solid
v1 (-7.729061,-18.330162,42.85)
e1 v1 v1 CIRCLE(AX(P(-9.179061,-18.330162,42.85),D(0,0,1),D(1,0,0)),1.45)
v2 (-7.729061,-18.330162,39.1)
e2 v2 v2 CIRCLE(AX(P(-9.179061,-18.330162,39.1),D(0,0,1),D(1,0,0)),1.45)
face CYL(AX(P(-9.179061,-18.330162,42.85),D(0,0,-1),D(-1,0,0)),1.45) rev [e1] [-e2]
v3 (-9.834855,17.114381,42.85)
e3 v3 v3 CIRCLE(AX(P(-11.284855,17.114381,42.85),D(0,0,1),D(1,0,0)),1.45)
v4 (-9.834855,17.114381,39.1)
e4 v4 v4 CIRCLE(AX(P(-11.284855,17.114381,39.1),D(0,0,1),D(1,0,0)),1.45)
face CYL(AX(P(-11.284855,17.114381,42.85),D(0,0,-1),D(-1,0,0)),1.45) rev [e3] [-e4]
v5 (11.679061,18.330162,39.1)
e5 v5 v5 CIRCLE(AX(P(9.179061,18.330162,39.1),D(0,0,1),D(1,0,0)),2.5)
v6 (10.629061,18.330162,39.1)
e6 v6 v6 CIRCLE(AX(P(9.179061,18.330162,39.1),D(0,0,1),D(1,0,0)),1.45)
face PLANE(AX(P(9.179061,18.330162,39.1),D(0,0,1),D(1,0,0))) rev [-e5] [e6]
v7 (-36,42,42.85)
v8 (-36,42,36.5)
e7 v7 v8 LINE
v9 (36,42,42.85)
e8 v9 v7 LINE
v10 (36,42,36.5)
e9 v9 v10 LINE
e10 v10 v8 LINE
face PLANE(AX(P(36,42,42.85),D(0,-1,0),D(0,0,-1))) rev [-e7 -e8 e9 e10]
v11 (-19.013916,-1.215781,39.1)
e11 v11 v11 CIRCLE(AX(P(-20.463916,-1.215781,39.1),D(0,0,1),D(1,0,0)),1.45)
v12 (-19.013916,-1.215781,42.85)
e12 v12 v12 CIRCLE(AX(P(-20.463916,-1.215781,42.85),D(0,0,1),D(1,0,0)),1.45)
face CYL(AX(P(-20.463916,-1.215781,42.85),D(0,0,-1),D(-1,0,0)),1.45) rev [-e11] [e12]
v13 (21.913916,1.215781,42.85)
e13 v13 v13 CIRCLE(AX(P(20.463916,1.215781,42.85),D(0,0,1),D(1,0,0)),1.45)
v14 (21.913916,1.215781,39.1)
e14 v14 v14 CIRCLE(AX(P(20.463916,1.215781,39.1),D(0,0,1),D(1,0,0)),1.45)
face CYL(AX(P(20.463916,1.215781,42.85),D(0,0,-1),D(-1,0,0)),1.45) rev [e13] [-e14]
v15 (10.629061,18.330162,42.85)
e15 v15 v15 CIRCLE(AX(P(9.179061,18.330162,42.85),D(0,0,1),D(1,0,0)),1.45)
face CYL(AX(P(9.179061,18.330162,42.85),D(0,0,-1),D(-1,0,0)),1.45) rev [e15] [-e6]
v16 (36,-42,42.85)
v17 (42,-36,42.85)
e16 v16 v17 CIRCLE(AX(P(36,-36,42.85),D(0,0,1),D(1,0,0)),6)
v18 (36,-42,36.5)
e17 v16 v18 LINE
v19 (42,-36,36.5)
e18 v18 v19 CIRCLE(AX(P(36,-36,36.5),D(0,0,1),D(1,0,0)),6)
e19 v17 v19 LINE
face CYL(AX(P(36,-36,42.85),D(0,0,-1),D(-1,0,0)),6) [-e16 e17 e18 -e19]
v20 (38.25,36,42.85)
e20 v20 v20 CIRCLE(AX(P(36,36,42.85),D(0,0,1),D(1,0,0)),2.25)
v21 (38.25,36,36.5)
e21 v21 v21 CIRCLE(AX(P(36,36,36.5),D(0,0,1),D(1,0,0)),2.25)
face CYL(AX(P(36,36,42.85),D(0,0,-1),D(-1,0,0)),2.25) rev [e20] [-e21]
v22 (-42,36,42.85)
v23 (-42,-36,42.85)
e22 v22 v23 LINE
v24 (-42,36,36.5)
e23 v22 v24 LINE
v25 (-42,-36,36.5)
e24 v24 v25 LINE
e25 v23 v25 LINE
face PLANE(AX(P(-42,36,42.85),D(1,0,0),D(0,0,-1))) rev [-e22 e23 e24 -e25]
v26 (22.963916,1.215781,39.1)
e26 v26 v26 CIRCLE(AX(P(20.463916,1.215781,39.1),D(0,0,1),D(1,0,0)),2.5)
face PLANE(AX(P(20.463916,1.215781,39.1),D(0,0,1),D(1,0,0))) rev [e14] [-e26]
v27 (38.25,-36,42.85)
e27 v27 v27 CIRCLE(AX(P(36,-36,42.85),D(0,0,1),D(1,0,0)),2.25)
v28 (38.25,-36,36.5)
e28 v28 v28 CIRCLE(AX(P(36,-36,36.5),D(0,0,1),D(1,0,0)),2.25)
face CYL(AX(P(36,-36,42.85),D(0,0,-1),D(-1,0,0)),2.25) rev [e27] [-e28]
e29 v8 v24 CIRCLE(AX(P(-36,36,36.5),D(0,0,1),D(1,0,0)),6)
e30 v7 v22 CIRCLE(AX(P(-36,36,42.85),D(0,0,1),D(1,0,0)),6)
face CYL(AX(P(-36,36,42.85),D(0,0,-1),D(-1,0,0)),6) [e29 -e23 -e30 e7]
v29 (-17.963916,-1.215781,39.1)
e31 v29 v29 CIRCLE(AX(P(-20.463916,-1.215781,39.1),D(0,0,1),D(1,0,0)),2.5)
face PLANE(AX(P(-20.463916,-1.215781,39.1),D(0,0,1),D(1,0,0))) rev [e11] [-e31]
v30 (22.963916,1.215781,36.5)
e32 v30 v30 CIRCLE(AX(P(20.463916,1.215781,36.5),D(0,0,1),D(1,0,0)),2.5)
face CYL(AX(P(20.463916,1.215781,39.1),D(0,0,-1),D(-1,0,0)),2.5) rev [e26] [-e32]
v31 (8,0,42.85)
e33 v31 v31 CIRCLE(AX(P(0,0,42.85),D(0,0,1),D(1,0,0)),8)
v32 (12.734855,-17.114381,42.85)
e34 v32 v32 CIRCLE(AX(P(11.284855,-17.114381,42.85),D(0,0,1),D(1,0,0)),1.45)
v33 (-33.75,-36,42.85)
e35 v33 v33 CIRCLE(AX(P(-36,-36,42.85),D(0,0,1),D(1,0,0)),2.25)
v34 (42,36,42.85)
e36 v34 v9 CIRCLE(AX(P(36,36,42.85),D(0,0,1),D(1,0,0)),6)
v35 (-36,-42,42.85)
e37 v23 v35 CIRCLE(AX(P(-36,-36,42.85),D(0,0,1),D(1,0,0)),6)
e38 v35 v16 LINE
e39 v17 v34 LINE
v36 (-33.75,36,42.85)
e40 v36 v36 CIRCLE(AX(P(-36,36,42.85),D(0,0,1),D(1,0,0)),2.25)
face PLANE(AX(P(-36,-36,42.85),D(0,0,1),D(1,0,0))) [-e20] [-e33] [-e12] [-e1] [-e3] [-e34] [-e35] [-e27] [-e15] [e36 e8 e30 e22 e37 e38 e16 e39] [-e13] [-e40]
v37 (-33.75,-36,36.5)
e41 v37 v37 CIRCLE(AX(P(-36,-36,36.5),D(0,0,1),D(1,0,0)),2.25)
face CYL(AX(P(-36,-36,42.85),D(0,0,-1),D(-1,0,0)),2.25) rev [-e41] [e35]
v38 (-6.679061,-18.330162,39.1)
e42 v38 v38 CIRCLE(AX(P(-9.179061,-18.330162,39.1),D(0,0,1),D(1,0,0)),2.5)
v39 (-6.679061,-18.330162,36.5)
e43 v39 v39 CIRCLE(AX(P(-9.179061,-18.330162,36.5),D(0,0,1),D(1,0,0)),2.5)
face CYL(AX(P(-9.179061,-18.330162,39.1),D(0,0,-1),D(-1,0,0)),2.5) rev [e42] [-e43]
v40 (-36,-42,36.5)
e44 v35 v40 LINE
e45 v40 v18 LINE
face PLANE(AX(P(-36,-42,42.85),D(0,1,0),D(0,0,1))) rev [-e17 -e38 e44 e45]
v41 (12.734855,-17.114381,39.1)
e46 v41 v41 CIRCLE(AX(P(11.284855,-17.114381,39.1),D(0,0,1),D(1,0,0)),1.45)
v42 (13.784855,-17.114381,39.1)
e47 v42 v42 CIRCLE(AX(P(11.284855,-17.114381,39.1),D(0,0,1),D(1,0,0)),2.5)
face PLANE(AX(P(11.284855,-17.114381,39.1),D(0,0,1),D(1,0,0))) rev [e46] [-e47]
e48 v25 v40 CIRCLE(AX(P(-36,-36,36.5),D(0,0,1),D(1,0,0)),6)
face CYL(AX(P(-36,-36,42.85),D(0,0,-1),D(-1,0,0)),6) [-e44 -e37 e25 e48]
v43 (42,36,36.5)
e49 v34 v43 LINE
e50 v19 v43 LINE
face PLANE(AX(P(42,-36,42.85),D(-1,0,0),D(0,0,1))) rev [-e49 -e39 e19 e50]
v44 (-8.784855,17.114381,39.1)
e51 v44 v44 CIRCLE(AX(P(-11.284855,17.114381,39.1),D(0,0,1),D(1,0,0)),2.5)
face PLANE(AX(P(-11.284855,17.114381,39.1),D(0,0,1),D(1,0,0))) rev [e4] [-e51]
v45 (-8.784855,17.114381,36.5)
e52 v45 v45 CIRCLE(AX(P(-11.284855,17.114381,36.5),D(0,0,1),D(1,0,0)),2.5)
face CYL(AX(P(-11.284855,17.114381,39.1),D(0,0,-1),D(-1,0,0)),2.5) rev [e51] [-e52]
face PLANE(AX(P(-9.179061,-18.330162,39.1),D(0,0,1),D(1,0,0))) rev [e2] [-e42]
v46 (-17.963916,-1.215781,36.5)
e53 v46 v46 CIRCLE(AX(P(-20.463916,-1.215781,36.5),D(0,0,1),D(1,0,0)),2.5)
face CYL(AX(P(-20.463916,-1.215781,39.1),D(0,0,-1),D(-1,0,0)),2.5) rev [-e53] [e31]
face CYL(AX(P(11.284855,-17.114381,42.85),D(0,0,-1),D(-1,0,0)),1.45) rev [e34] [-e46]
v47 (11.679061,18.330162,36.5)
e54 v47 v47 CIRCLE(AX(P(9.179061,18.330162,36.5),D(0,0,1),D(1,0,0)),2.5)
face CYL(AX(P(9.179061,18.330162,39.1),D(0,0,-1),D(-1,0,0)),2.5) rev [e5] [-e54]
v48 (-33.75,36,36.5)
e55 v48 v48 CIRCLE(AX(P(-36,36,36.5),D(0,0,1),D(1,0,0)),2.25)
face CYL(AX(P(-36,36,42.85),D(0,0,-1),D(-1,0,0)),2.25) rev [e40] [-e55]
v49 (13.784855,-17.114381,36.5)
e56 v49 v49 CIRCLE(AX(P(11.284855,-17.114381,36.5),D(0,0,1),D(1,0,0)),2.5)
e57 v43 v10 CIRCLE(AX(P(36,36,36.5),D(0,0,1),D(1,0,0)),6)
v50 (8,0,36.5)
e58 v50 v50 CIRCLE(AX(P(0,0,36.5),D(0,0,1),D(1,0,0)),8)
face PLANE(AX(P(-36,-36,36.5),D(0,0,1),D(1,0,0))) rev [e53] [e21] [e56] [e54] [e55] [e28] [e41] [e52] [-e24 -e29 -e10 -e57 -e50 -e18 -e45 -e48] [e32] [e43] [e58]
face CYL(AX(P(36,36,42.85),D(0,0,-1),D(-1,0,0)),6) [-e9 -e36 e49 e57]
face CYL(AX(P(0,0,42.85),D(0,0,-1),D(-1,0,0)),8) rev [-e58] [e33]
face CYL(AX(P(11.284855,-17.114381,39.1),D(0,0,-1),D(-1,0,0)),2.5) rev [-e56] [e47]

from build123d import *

# Parameters (mm, degrees)
PLACA_SOPORTE_M1_START             = 36.5
PLACA_SOPORTE_M1_DEPTH             = 6.35
BARRENOS_SEPARADORES_Y_MOTOR_START = 36.5
CROQUIS2_R                         = 2.25
CROQUIS2_R_2                       = 1.45
CROQUIS2_R_3                       = 8
BARRENOS_SEPARADORES_Y_MOTOR_DEPTH = 6.35
REFRENTADO_M2_5_START              = 36.5
CROQUIS3_R                         = 2.5
REFRENTADO_M2_5_DEPTH              = 2.6


with BuildPart() as part:
    # Croquis1 → Placa_soporte_M1 (new body)
    with BuildSketch(Plane.XY.offset(PLACA_SOPORTE_M1_START)):
        with BuildLine():
            Line((-36, -42), (36, -42))
            ThreePointArc((36, -42), (40.242640687, -40.242640687), (42, -36))
            Line((42, -36), (42, 36))
            ThreePointArc((42, 36), (40.242640687, 40.242640687), (36, 42))
            Line((36, 42), (-36, 42))
            ThreePointArc((-36, 42), (-40.242640687, 40.242640687), (-42, 36))
            Line((-42, 36), (-42, -36))
            ThreePointArc((-42, -36), (-40.242640687, -40.242640687), (-36, -42))
        make_face()
    extrude(amount=PLACA_SOPORTE_M1_DEPTH)

    # Croquis2 → Barrenos_separadores_y_motor (cut)
    with BuildSketch(Plane.XY.offset(BARRENOS_SEPARADORES_Y_MOTOR_START)):
        with Locations((-36, -36)):
            Circle(CROQUIS2_R)
        with Locations((-36, 36)):
            Circle(CROQUIS2_R)
        with Locations((36, -36)):
            Circle(CROQUIS2_R)
        with Locations((36, 36)):
            Circle(CROQUIS2_R)
        with Locations((20.463916472, 1.215780658)):
            Circle(CROQUIS2_R_2)
        with Locations((9.179061301, 18.330161855)):
            Circle(CROQUIS2_R_2)
        with Locations((-11.284855172, 17.114381197)):
            Circle(CROQUIS2_R_2)
        with Locations((-20.463916472, -1.215780658)):
            Circle(CROQUIS2_R_2)
        with Locations((-9.179061301, -18.330161855)):
            Circle(CROQUIS2_R_2)
        with Locations((11.284855172, -17.114381197)):
            Circle(CROQUIS2_R_2)
        Circle(CROQUIS2_R_3)
    extrude(amount=BARRENOS_SEPARADORES_Y_MOTOR_DEPTH, mode=Mode.SUBTRACT)

    # Croquis3 → Refrentado_M2-5 (cut)
    with BuildSketch(Plane.XY.offset(REFRENTADO_M2_5_START)):
        with Locations((20.463916472, 1.215780658)):
            Circle(CROQUIS3_R)
        with Locations((9.179061301, 18.330161855)):
            Circle(CROQUIS3_R)
        with Locations((-11.284855172, 17.114381197)):
            Circle(CROQUIS3_R)
        with Locations((-20.463916472, -1.215780658)):
            Circle(CROQUIS3_R)
        with Locations((-9.179061301, -18.330161855)):
            Circle(CROQUIS3_R)
        with Locations((11.284855172, -17.114381197)):
            Circle(CROQUIS3_R)
    extrude(amount=REFRENTADO_M2_5_DEPTH, mode=Mode.SUBTRACT)


solid = part.part
